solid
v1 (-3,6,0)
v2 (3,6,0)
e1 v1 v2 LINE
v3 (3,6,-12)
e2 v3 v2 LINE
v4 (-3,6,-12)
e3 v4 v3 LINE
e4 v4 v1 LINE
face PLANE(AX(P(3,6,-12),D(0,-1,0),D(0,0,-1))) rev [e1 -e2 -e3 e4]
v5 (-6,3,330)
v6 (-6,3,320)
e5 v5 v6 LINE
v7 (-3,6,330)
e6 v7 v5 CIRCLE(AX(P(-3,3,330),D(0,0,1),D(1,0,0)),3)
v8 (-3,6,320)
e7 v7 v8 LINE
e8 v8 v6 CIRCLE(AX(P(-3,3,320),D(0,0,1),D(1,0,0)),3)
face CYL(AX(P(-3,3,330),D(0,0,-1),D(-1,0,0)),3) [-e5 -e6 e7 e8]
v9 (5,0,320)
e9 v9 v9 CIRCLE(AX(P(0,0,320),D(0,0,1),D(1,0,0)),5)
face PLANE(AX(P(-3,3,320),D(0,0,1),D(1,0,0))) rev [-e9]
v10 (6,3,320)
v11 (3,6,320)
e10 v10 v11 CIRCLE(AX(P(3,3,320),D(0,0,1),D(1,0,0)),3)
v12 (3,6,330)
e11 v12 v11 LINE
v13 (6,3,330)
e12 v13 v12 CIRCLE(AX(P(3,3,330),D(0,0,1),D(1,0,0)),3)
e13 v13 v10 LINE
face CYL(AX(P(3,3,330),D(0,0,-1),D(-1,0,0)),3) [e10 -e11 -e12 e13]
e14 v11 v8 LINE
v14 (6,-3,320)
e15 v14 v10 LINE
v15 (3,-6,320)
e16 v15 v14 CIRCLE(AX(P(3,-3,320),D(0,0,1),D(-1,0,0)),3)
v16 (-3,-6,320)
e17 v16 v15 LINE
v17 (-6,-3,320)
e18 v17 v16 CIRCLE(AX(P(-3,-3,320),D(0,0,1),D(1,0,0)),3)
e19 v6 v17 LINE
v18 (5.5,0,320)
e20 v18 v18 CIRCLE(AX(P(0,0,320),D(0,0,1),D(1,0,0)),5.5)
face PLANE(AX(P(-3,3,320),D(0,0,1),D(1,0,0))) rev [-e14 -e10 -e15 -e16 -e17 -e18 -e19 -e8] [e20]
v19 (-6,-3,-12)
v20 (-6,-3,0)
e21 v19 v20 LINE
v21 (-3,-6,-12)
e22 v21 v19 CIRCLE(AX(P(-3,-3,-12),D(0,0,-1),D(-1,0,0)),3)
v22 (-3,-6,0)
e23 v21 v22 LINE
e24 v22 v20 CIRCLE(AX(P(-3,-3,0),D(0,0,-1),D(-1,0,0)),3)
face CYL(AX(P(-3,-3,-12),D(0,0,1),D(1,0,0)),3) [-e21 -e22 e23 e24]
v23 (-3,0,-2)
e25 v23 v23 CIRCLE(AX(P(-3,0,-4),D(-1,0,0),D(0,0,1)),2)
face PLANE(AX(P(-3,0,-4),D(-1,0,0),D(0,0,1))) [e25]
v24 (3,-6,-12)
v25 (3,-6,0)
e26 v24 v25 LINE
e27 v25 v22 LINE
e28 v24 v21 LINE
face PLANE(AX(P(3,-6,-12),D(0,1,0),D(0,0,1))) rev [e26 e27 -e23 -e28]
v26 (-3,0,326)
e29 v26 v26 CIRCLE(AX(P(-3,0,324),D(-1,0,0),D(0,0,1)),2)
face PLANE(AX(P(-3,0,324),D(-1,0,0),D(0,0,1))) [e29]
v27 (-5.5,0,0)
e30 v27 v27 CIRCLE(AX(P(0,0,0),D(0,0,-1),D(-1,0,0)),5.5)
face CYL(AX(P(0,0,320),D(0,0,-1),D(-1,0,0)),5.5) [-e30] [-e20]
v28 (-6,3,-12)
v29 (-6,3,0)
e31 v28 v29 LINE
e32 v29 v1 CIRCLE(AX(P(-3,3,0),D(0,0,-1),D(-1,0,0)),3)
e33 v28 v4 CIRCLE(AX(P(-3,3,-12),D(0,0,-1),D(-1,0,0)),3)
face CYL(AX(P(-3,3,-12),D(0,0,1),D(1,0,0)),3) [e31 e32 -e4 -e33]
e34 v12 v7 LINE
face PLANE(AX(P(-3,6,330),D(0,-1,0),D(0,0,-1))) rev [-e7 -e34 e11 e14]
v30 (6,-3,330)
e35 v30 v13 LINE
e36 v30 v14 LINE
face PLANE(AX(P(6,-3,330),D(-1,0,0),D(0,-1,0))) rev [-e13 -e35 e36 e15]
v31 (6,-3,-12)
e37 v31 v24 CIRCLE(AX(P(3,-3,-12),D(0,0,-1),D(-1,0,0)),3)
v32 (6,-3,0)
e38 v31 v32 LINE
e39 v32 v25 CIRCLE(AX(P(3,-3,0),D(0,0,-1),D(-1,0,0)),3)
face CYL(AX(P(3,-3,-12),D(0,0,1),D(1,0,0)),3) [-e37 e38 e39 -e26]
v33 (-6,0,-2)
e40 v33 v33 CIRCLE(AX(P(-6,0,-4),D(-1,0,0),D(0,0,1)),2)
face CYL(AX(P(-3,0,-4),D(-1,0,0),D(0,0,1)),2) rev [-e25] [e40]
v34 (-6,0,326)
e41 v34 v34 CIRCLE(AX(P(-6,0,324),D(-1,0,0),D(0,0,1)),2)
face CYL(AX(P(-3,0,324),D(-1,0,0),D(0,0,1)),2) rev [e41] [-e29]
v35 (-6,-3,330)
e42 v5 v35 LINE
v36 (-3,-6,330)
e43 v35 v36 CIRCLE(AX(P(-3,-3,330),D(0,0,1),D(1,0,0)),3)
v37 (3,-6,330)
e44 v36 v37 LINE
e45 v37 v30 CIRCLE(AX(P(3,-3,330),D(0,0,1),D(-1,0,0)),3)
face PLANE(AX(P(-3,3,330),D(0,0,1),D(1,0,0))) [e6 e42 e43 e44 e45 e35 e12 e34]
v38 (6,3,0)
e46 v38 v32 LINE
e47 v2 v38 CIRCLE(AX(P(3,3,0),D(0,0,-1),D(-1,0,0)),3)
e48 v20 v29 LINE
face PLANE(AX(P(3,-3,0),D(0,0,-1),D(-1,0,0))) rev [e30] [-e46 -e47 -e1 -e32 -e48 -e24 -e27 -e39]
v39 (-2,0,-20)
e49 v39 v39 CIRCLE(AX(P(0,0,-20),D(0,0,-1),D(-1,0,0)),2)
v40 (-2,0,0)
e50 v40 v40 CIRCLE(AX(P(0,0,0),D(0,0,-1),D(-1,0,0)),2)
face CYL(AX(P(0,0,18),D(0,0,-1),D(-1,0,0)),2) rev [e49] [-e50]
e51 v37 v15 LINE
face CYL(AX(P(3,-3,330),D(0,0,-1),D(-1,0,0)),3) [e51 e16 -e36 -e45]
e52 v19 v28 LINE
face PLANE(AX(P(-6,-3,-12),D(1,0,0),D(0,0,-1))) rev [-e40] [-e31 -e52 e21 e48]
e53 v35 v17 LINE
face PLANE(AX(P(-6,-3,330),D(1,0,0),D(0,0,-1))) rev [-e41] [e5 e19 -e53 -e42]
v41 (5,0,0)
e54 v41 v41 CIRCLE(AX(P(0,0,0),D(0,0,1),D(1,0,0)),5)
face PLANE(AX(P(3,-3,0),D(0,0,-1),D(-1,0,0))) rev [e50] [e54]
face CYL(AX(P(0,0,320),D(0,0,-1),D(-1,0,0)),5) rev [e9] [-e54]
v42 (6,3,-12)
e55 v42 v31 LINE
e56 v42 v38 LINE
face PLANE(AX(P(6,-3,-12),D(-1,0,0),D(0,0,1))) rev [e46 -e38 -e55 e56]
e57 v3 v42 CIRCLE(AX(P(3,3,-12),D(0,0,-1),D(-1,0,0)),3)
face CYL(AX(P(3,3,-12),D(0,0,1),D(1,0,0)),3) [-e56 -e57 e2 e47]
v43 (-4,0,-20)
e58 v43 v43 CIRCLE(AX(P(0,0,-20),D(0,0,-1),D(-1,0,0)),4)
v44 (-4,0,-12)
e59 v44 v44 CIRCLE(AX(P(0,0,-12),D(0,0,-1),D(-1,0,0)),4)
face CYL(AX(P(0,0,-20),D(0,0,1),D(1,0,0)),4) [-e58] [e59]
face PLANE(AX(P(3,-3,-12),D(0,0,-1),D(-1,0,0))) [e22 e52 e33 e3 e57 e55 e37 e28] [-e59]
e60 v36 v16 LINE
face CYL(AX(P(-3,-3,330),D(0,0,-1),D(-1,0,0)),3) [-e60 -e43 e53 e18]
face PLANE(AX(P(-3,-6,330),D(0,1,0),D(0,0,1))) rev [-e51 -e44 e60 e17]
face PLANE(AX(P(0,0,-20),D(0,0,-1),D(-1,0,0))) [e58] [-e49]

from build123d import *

# Parameters (mm, degrees)
SKETCH_1_R          = 5.5
SKETCH_1_R_2        = 5
EXTRUDE_1_DEPTH     = 320
EXTRUDE_2_DEPTH     = 10
EXTRUDE_3_DEPTH     = 12
SKETCH_4_R          = 4
EXTRUDE_4_DEPTH     = 8
SKETCH_5_R          = 2
CUT_EXTRUDE_1_DEPTH = 38
SKETCH_6_R          = 2
CUT_EXTRUDE_3_DEPTH = 3


with BuildPart() as part:
    # 草图1 → 凸台-拉伸1 (new body)
    with BuildSketch(Plane.XY):
        Circle(SKETCH_1_R)
        Circle(SKETCH_1_R_2, mode=Mode.SUBTRACT)
    extrude(amount=EXTRUDE_1_DEPTH)

    # 草图2 → 凸台-拉伸2 (add)
    with BuildSketch(Plane.XY.offset(320)):
        with BuildLine():
            Line((-3, -6), (3, -6))
            ThreePointArc((3, -6), (5.121320344, -5.121320344), (6, -3))
            Line((6, -3), (6, 3))
            ThreePointArc((6, 3), (5.121320344, 5.121320344), (3, 6))
            Line((3, 6), (-3, 6))
            ThreePointArc((-3, 6), (-5.121320344, 5.121320344), (-6, 3))
            Line((-6, 3), (-6, -3))
            ThreePointArc((-6, -3), (-5.121320344, -5.121320344), (-3, -6))
        make_face()
    extrude(amount=EXTRUDE_2_DEPTH)

    # 草图3 → 凸台-拉伸3 (add)
    with BuildSketch(Plane(origin=(0, 0, 0), x_dir=(-1, 0, 0), z_dir=(0, 0, -1))):
        with BuildLine():
            Line((-3, -6), (3, -6))
            ThreePointArc((3, -6), (5.121320344, -5.121320344), (6, -3))
            Line((6, -3), (6, 3))
            ThreePointArc((6, 3), (5.121320344, 5.121320344), (3, 6))
            Line((3, 6), (-3, 6))
            ThreePointArc((-3, 6), (-5.121320344, 5.121320344), (-6, 3))
            Line((-6, 3), (-6, -3))
            ThreePointArc((-6, -3), (-5.121320344, -5.121320344), (-3, -6))
        make_face()
    extrude(amount=EXTRUDE_3_DEPTH)

    # 草图4 → 凸台-拉伸4 (add)
    with BuildSketch(Plane(origin=(0, 0, -12), x_dir=(-1, 0, 0), z_dir=(0, 0, -1))):
        Circle(SKETCH_4_R)
    extrude(amount=EXTRUDE_4_DEPTH)

    # 草图5 → 切除-拉伸1 (cut)
    with BuildSketch(Plane(origin=(0, 0, -20), x_dir=(-1, 0, 0), z_dir=(0, 0, -1))):
        Circle(SKETCH_5_R)
    extrude(amount=-CUT_EXTRUDE_1_DEPTH, mode=Mode.SUBTRACT)

    # 草图6 → 切除-拉伸3 (cut)
    with BuildSketch(Plane.ZY.offset(6)):
        with Locations((-4, 0)):
            Circle(SKETCH_6_R)
        with Locations((324, 0)):
            Circle(SKETCH_6_R)
    extrude(amount=-CUT_EXTRUDE_3_DEPTH, mode=Mode.SUBTRACT)


solid = part.part
